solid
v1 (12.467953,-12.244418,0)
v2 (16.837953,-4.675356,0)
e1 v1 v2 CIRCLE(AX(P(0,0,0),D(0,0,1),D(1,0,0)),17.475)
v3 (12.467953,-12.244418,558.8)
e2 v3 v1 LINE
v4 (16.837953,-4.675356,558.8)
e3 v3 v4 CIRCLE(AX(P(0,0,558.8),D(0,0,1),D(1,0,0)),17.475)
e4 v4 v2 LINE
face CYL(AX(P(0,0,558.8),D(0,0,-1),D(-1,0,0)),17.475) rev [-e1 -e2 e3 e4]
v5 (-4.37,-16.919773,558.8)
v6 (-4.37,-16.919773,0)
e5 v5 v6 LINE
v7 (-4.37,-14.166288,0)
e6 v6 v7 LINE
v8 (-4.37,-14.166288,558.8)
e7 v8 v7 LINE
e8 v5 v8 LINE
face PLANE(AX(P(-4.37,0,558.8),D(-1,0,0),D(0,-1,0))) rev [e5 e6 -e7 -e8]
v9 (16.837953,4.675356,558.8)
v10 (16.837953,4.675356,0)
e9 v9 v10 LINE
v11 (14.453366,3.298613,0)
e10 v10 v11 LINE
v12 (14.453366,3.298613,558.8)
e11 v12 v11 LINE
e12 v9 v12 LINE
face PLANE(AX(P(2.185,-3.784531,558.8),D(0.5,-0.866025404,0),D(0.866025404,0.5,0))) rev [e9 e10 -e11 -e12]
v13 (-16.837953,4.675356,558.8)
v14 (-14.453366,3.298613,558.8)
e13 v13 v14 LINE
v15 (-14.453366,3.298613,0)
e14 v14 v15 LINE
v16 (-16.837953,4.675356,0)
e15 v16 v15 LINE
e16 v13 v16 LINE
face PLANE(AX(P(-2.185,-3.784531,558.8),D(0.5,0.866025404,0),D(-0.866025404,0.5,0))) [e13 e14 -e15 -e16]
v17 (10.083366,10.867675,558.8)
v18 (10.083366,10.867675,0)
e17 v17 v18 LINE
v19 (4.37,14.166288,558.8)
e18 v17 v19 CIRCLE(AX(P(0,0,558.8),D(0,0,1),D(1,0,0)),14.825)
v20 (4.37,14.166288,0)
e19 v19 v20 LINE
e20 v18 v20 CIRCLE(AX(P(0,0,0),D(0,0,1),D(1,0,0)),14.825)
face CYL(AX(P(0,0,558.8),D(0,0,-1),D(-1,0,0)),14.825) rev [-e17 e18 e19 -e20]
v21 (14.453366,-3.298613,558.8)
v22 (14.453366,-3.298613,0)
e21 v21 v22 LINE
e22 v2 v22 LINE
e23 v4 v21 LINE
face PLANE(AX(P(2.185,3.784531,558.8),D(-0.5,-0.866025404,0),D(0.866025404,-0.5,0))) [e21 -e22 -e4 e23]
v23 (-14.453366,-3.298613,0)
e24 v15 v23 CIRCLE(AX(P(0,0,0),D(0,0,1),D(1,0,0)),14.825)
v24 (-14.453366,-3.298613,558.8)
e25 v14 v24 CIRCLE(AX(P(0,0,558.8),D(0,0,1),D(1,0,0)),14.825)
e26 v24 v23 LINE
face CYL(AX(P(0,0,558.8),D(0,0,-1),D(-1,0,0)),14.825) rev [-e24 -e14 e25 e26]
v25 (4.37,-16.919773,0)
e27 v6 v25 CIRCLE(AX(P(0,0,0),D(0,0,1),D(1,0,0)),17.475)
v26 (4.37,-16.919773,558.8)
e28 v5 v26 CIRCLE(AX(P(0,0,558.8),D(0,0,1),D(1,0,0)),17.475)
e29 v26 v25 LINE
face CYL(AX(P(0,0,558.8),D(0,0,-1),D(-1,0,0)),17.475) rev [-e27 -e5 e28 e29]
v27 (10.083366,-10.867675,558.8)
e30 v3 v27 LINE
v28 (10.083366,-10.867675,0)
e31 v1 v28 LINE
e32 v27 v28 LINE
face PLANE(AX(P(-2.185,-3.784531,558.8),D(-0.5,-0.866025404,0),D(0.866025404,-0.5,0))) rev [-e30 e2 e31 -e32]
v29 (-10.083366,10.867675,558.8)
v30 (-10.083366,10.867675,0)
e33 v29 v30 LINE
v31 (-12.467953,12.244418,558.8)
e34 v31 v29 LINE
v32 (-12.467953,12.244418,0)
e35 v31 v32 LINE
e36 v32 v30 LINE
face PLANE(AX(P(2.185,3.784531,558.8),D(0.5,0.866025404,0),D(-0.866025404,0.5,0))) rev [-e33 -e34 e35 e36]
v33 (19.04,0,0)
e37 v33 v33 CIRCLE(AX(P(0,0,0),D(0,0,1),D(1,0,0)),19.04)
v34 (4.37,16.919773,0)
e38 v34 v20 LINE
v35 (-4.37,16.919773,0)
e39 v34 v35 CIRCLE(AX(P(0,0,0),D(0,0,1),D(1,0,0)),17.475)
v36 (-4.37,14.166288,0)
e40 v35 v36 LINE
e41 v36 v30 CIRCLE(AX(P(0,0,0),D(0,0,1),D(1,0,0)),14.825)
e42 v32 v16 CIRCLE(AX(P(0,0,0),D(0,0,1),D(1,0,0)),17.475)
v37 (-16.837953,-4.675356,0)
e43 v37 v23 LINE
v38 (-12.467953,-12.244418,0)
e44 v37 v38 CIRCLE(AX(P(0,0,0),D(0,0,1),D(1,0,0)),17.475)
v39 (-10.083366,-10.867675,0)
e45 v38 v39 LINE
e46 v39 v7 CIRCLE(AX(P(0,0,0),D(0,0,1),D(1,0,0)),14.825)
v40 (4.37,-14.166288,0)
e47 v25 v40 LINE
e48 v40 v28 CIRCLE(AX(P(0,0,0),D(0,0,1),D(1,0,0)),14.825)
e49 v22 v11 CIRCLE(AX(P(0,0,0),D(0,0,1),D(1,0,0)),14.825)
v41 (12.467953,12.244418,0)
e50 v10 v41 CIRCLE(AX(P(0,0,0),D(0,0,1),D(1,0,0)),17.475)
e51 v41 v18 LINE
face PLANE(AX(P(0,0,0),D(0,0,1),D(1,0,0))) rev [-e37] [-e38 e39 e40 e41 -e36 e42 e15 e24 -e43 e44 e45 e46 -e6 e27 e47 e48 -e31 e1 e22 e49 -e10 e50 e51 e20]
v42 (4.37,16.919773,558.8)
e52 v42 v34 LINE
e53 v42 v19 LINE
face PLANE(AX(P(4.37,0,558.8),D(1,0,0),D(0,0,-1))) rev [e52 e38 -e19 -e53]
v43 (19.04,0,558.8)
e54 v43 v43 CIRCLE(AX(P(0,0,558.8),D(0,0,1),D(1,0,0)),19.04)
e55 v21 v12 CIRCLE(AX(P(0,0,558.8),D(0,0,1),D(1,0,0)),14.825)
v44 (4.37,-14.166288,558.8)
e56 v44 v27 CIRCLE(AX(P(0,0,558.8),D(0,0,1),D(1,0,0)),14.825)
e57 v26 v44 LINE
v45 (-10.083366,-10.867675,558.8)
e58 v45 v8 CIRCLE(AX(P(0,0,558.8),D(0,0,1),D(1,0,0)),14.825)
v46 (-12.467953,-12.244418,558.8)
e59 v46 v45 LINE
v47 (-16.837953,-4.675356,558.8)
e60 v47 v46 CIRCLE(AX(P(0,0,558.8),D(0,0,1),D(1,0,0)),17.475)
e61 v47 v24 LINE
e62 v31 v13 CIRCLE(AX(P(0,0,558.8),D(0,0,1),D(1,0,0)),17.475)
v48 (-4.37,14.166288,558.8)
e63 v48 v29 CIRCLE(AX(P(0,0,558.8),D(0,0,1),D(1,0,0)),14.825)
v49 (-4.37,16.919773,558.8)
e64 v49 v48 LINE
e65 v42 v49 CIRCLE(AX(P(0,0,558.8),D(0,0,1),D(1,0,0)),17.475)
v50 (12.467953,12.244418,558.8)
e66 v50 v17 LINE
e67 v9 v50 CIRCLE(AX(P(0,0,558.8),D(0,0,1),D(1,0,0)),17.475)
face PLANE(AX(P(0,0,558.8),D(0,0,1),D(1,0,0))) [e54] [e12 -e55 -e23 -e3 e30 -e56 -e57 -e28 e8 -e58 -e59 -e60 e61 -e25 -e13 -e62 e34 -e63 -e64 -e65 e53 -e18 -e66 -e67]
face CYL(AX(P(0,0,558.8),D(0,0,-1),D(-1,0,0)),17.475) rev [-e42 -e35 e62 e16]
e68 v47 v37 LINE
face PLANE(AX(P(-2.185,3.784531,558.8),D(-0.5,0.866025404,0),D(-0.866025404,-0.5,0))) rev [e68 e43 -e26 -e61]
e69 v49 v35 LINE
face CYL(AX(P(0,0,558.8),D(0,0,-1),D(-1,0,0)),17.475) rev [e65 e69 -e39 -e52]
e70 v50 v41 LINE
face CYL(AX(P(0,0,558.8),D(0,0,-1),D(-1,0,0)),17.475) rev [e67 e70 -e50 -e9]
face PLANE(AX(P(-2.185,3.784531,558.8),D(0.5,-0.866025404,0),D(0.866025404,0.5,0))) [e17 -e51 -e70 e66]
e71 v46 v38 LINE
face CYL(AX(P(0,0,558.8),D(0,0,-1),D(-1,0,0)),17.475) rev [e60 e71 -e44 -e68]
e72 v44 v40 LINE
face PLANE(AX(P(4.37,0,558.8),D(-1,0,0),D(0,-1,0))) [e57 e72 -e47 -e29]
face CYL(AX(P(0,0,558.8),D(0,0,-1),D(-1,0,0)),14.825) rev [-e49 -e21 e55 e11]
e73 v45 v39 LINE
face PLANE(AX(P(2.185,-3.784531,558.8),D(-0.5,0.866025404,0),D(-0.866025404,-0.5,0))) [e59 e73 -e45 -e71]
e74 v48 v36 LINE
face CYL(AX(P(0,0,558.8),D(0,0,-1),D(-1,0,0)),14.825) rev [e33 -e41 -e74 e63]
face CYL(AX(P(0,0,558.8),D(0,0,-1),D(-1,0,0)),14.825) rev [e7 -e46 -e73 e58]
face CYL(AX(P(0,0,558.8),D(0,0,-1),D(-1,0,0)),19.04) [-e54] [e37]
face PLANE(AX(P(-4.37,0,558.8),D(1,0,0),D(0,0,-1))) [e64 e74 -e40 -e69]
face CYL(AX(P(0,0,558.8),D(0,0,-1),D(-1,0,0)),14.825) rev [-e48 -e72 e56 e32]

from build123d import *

# Parameters (mm, degrees)
SKETCH1_R           = 19.04
BOSS_EXTRUDE1_DEPTH = 558.8


with BuildPart() as part:
    # Sketch1 → Boss-Extrude1 (new body)
    with BuildSketch(Plane.XY):
        Circle(SKETCH1_R)
        with BuildLine():
            Line((10.08336557, 10.867675179), (12.467953414, 12.244417612))
            ThreePointArc((12.467953414, 12.244417612), (15.133793931, 8.7375), (16.837953414, 4.675355583))
            Line((16.837953414, 4.675355583), (14.45336557, 3.29861315))
            ThreePointArc((14.45336557, 3.29861315), (14.825, 0), (14.45336557, -3.29861315))
            Line((14.45336557, -3.29861315), (16.837953414, -4.675355583))
            ThreePointArc((16.837953414, -4.675355583), (15.133793931, -8.7375), (12.467953414, -12.244417612))
            Line((12.467953414, -12.244417612), (10.08336557, -10.867675179))
            ThreePointArc((10.08336557, -10.867675179), (7.4125, -12.838826611), (4.37, -14.166288328))
            Line((4.37, -14.166288328), (4.37, -16.919773196))
            ThreePointArc((4.37, -16.919773196), (0, -17.475), (-4.37, -16.919773196))
            Line((-4.37, -16.919773196), (-4.37, -14.166288328))
            ThreePointArc((-4.37, -14.166288328), (-7.4125, -12.838826611), (-10.08336557, -10.867675179))
            Line((-10.08336557, -10.867675179), (-12.467953414, -12.244417612))
            ThreePointArc((-12.467953414, -12.244417612), (-15.133793931, -8.7375), (-16.837953414, -4.675355583))
            Line((-16.837953414, -4.675355583), (-14.45336557, -3.29861315))
            ThreePointArc((-14.45336557, -3.29861315), (-14.825, 0), (-14.45336557, 3.29861315))
            Line((-14.45336557, 3.29861315), (-16.837953414, 4.675355583))
            ThreePointArc((-16.837953414, 4.675355583), (-15.133793931, 8.7375), (-12.467953414, 12.244417612))
            Line((-12.467953414, 12.244417612), (-10.08336557, 10.867675179))
            ThreePointArc((-10.08336557, 10.867675179), (-7.4125, 12.838826611), (-4.37, 14.166288328))
            Line((-4.37, 14.166288328), (-4.37, 16.919773196))
            ThreePointArc((-4.37, 16.919773196), (0, 17.475), (4.37, 16.919773196))
            Line((4.37, 16.919773196), (4.37, 14.166288328))
            ThreePointArc((4.37, 14.166288328), (7.4125, 12.838826611), (10.08336557, 10.867675179))
        make_face(mode=Mode.SUBTRACT)
    extrude(amount=BOSS_EXTRUDE1_DEPTH)


solid = part.part
